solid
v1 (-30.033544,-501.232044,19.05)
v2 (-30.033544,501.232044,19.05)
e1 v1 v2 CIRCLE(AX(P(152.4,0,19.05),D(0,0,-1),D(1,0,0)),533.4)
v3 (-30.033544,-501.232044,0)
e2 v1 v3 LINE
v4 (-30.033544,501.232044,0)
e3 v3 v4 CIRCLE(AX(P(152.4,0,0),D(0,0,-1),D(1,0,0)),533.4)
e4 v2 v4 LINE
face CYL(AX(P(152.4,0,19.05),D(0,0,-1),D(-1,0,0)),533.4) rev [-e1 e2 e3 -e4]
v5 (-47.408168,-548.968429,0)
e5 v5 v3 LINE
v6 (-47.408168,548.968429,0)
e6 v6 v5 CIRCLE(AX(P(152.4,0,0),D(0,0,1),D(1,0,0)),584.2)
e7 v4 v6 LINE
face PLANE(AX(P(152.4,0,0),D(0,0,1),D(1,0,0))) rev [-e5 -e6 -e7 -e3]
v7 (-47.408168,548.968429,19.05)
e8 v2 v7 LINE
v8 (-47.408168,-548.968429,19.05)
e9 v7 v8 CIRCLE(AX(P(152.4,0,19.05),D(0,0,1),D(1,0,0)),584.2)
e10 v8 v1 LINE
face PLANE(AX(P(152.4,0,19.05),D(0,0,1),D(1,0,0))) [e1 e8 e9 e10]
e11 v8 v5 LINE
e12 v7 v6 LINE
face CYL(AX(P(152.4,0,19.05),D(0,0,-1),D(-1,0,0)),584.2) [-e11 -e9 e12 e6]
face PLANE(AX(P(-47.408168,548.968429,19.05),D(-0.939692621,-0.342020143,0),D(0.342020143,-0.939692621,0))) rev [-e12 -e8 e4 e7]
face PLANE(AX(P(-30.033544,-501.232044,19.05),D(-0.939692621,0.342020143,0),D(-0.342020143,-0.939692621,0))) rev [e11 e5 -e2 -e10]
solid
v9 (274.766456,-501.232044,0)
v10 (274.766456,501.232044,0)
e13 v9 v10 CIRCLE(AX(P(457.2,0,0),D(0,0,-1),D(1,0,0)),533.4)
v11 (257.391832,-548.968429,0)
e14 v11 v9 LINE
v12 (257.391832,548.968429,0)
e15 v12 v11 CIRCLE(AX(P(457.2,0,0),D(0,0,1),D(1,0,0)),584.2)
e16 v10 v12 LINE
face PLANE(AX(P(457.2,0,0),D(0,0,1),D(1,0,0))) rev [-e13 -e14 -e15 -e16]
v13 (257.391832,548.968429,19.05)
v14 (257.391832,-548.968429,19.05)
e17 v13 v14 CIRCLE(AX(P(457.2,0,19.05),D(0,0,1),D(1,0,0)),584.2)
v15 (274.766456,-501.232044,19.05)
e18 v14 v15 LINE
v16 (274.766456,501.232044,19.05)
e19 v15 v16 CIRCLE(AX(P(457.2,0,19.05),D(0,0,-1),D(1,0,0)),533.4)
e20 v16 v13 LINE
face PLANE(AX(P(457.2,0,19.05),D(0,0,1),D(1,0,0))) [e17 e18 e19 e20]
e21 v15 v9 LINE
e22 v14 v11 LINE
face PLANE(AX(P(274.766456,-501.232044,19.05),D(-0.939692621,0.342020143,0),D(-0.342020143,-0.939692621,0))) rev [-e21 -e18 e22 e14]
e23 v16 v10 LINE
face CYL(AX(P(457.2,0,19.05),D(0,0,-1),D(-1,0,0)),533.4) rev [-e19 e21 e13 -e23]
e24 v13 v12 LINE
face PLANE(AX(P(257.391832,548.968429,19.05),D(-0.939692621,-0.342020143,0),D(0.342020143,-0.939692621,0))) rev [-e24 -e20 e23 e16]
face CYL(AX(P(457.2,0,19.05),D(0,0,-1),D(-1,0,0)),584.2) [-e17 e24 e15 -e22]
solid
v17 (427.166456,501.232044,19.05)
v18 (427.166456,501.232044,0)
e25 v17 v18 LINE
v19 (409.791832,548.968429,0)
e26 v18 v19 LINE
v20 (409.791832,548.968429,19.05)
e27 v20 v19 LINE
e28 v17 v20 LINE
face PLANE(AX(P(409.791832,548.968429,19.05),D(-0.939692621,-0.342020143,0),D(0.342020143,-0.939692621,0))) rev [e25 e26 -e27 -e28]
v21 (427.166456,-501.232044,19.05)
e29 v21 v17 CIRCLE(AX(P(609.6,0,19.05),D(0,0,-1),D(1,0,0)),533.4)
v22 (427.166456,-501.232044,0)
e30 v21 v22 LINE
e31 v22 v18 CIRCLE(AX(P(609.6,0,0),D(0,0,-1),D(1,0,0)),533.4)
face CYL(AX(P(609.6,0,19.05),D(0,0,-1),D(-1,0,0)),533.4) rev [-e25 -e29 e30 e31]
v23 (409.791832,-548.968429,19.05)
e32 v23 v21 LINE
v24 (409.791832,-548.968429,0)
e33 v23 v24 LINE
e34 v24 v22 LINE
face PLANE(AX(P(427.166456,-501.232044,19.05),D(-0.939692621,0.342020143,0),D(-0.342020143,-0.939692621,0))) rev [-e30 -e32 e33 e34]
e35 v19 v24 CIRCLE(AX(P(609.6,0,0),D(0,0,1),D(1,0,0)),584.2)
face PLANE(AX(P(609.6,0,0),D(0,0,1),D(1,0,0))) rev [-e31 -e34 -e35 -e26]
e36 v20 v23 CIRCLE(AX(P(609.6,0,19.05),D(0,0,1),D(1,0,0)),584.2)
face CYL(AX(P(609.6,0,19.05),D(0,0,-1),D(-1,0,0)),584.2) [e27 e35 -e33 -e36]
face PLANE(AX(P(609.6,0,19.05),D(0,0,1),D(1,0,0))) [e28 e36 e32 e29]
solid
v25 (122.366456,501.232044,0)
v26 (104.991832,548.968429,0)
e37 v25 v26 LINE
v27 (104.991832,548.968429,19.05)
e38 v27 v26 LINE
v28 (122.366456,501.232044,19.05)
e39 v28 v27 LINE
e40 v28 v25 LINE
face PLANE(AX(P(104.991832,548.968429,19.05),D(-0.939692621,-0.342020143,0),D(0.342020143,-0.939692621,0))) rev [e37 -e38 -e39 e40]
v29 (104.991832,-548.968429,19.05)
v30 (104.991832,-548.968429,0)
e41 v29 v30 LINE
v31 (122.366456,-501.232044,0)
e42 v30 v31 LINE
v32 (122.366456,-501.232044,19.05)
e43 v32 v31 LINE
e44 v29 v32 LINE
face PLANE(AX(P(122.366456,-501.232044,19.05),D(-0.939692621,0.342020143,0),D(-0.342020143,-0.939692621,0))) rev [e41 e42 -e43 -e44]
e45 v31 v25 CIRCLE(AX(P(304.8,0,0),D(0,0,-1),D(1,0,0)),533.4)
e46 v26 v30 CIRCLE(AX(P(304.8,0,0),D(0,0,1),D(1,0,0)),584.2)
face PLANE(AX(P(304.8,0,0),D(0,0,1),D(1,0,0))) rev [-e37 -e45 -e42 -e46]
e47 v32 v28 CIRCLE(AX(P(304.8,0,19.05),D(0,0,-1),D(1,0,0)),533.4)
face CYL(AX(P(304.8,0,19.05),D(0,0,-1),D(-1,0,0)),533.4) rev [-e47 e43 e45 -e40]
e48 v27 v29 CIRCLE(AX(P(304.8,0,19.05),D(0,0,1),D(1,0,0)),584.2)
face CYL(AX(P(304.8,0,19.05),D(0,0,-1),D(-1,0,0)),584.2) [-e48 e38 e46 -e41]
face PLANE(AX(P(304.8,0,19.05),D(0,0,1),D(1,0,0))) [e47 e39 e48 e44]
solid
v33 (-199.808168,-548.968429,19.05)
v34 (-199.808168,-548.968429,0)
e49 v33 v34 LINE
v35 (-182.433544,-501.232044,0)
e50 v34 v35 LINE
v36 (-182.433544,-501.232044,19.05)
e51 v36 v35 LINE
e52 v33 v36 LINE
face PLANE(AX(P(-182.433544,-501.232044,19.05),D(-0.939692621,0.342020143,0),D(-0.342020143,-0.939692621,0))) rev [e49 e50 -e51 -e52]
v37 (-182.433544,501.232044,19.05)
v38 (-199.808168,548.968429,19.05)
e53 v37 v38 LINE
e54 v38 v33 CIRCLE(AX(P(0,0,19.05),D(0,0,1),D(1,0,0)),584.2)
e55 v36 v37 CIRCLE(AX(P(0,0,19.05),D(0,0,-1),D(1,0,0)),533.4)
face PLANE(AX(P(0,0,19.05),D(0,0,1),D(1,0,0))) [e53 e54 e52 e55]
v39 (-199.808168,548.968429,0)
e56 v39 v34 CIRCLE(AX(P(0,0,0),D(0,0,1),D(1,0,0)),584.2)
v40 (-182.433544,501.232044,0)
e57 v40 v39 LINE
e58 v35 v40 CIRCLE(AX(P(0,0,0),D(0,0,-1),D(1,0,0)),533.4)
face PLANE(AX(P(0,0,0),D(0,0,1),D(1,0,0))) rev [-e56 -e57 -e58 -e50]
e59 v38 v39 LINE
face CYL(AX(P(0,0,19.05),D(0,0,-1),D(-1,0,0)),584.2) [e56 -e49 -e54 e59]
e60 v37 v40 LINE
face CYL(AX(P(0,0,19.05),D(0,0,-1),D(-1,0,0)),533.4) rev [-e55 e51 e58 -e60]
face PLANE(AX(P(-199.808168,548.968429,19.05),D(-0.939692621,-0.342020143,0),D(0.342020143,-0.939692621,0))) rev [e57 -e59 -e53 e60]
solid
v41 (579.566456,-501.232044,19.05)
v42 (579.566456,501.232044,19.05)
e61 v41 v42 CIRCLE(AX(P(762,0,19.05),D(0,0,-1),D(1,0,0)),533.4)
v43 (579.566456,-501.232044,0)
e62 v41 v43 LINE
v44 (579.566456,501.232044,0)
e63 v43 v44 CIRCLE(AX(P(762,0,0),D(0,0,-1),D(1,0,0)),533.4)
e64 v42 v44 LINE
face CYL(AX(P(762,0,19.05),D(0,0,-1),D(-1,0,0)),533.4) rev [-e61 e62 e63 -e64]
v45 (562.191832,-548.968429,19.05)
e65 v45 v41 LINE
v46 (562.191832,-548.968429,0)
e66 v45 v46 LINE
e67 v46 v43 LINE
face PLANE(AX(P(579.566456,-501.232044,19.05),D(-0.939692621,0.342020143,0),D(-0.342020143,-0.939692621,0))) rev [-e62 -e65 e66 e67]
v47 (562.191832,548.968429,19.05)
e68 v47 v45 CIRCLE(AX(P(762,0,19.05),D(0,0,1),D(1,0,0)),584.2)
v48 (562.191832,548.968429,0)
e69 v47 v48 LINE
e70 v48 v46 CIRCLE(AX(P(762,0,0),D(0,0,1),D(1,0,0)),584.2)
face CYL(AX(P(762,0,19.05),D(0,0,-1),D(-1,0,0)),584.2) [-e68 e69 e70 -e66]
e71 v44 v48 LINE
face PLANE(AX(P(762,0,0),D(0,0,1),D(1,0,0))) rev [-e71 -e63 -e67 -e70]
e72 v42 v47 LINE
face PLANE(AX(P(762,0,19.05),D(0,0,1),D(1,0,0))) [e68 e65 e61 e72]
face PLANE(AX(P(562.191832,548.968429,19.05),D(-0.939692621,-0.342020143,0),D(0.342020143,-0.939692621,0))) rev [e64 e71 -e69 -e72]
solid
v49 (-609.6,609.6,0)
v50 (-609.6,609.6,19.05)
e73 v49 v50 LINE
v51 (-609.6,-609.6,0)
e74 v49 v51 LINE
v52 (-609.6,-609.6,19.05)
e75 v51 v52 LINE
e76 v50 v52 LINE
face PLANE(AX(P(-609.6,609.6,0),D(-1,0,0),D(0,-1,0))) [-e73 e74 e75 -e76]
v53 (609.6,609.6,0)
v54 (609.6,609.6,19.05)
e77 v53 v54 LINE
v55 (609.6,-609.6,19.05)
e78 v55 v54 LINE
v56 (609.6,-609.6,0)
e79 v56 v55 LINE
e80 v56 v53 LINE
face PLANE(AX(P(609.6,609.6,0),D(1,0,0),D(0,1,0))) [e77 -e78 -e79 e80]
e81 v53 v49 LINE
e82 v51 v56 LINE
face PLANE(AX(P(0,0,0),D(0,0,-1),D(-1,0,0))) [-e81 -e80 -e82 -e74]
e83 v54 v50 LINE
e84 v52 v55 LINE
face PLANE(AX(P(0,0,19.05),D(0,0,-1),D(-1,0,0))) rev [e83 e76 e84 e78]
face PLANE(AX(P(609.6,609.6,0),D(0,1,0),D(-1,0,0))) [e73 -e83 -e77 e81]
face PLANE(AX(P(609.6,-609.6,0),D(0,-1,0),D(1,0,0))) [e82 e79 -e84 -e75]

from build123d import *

# Parameters (mm, degrees)
BOSS_EXTRUDE1_DEPTH   = 19.05
BOSS_EXTRUDE1_2_DEPTH = 19.05
BOSS_EXTRUDE1_3_DEPTH = 19.05
BOSS_EXTRUDE1_4_DEPTH = 19.05
BOSS_EXTRUDE1_5_DEPTH = 19.05
BOSS_EXTRUDE1_6_DEPTH = 19.05
SKETCH2_W             = 1219.2
SKETCH2_H             = 1219.2
STOCK_DEPTH           = 19.05


with BuildPart() as part:
    # Sketch1 → Boss-Extrude1 (new body)
    with BuildSketch(Plane.XY):
        with BuildLine():
            Line((-199.808167731, 548.968429063), (-182.43354445, 501.232043927))
            ThreePointArc((-182.43354445, 501.232043927), (-533.4, 0), (-182.43354445, -501.232043927))
            Line((-182.43354445, -501.232043927), (-199.808167731, -548.968429063))
            ThreePointArc((-199.808167731, -548.968429063), (-584.2, 0), (-199.808167731, 548.968429063))
        make_face()
    extrude(amount=BOSS_EXTRUDE1_DEPTH)


with BuildPart() as body_2:
    # Sketch1 → Boss-Extrude1 2 (new body)
    with BuildSketch(Plane.XY):
        with BuildLine():
            Line((-47.408167731, 548.968429063), (-30.03354445, 501.232043927))
            ThreePointArc((-30.03354445, 501.232043927), (-381, 0), (-30.03354445, -501.232043927))
            Line((-30.03354445, -501.232043927), (-47.408167731, -548.968429063))
            ThreePointArc((-47.408167731, -548.968429063), (-431.8, 0), (-47.408167731, 548.968429063))
        make_face()
    extrude(amount=BOSS_EXTRUDE1_2_DEPTH)


with BuildPart() as body_3:
    # Sketch1 → Boss-Extrude1 3 (new body)
    with BuildSketch(Plane.XY):
        with BuildLine():
            Line((104.991832269, 548.968429063), (122.36645555, 501.232043927))
            ThreePointArc((122.36645555, 501.232043927), (-228.6, 0), (122.36645555, -501.232043927))
            Line((122.36645555, -501.232043927), (104.991832269, -548.968429063))
            ThreePointArc((104.991832269, -548.968429063), (-279.4, 0), (104.991832269, 548.968429063))
        make_face()
    extrude(amount=BOSS_EXTRUDE1_3_DEPTH)


with BuildPart() as body_4:
    # Sketch1 → Boss-Extrude1 4 (new body)
    with BuildSketch(Plane.XY):
        with BuildLine():
            Line((257.391832269, 548.968429063), (274.76645555, 501.232043927))
            ThreePointArc((274.76645555, 501.232043927), (-76.2, 0), (274.76645555, -501.232043927))
            Line((274.76645555, -501.232043927), (257.391832269, -548.968429063))
            ThreePointArc((257.391832269, -548.968429063), (-127, 0), (257.391832269, 548.968429063))
        make_face()
    extrude(amount=BOSS_EXTRUDE1_4_DEPTH)


with BuildPart() as body_5:
    # Sketch1 → Boss-Extrude1 5 (new body)
    with BuildSketch(Plane.XY):
        with BuildLine():
            Line((409.791832269, 548.968429063), (427.16645555, 501.232043927))
            ThreePointArc((427.16645555, 501.232043927), (76.2, 0), (427.16645555, -501.232043927))
            Line((427.16645555, -501.232043927), (409.791832269, -548.968429063))
            ThreePointArc((409.791832269, -548.968429063), (25.4, 0), (409.791832269, 548.968429063))
        make_face()
    extrude(amount=BOSS_EXTRUDE1_5_DEPTH)


with BuildPart() as body_6:
    # Sketch1 → Boss-Extrude1 6 (new body)
    with BuildSketch(Plane.XY):
        with BuildLine():
            Line((562.191832269, 548.968429063), (579.56645555, 501.232043927))
            ThreePointArc((579.56645555, 501.232043927), (228.6, 0), (579.56645555, -501.232043927))
            Line((579.56645555, -501.232043927), (562.191832269, -548.968429063))
            ThreePointArc((562.191832269, -548.968429063), (177.8, 0), (562.191832269, 548.968429063))
        make_face()
    extrude(amount=BOSS_EXTRUDE1_6_DEPTH)


with BuildPart() as body_7:
    # Sketch2 → Stock (new body)
    with BuildSketch(Plane.XY.offset(19.05)):
        Rectangle(SKETCH2_W, SKETCH2_H)
    extrude(amount=-STOCK_DEPTH)


solid = Compound([part.part, body_2.part, body_3.part, body_4.part, body_5.part, body_6.part, body_7.part])
